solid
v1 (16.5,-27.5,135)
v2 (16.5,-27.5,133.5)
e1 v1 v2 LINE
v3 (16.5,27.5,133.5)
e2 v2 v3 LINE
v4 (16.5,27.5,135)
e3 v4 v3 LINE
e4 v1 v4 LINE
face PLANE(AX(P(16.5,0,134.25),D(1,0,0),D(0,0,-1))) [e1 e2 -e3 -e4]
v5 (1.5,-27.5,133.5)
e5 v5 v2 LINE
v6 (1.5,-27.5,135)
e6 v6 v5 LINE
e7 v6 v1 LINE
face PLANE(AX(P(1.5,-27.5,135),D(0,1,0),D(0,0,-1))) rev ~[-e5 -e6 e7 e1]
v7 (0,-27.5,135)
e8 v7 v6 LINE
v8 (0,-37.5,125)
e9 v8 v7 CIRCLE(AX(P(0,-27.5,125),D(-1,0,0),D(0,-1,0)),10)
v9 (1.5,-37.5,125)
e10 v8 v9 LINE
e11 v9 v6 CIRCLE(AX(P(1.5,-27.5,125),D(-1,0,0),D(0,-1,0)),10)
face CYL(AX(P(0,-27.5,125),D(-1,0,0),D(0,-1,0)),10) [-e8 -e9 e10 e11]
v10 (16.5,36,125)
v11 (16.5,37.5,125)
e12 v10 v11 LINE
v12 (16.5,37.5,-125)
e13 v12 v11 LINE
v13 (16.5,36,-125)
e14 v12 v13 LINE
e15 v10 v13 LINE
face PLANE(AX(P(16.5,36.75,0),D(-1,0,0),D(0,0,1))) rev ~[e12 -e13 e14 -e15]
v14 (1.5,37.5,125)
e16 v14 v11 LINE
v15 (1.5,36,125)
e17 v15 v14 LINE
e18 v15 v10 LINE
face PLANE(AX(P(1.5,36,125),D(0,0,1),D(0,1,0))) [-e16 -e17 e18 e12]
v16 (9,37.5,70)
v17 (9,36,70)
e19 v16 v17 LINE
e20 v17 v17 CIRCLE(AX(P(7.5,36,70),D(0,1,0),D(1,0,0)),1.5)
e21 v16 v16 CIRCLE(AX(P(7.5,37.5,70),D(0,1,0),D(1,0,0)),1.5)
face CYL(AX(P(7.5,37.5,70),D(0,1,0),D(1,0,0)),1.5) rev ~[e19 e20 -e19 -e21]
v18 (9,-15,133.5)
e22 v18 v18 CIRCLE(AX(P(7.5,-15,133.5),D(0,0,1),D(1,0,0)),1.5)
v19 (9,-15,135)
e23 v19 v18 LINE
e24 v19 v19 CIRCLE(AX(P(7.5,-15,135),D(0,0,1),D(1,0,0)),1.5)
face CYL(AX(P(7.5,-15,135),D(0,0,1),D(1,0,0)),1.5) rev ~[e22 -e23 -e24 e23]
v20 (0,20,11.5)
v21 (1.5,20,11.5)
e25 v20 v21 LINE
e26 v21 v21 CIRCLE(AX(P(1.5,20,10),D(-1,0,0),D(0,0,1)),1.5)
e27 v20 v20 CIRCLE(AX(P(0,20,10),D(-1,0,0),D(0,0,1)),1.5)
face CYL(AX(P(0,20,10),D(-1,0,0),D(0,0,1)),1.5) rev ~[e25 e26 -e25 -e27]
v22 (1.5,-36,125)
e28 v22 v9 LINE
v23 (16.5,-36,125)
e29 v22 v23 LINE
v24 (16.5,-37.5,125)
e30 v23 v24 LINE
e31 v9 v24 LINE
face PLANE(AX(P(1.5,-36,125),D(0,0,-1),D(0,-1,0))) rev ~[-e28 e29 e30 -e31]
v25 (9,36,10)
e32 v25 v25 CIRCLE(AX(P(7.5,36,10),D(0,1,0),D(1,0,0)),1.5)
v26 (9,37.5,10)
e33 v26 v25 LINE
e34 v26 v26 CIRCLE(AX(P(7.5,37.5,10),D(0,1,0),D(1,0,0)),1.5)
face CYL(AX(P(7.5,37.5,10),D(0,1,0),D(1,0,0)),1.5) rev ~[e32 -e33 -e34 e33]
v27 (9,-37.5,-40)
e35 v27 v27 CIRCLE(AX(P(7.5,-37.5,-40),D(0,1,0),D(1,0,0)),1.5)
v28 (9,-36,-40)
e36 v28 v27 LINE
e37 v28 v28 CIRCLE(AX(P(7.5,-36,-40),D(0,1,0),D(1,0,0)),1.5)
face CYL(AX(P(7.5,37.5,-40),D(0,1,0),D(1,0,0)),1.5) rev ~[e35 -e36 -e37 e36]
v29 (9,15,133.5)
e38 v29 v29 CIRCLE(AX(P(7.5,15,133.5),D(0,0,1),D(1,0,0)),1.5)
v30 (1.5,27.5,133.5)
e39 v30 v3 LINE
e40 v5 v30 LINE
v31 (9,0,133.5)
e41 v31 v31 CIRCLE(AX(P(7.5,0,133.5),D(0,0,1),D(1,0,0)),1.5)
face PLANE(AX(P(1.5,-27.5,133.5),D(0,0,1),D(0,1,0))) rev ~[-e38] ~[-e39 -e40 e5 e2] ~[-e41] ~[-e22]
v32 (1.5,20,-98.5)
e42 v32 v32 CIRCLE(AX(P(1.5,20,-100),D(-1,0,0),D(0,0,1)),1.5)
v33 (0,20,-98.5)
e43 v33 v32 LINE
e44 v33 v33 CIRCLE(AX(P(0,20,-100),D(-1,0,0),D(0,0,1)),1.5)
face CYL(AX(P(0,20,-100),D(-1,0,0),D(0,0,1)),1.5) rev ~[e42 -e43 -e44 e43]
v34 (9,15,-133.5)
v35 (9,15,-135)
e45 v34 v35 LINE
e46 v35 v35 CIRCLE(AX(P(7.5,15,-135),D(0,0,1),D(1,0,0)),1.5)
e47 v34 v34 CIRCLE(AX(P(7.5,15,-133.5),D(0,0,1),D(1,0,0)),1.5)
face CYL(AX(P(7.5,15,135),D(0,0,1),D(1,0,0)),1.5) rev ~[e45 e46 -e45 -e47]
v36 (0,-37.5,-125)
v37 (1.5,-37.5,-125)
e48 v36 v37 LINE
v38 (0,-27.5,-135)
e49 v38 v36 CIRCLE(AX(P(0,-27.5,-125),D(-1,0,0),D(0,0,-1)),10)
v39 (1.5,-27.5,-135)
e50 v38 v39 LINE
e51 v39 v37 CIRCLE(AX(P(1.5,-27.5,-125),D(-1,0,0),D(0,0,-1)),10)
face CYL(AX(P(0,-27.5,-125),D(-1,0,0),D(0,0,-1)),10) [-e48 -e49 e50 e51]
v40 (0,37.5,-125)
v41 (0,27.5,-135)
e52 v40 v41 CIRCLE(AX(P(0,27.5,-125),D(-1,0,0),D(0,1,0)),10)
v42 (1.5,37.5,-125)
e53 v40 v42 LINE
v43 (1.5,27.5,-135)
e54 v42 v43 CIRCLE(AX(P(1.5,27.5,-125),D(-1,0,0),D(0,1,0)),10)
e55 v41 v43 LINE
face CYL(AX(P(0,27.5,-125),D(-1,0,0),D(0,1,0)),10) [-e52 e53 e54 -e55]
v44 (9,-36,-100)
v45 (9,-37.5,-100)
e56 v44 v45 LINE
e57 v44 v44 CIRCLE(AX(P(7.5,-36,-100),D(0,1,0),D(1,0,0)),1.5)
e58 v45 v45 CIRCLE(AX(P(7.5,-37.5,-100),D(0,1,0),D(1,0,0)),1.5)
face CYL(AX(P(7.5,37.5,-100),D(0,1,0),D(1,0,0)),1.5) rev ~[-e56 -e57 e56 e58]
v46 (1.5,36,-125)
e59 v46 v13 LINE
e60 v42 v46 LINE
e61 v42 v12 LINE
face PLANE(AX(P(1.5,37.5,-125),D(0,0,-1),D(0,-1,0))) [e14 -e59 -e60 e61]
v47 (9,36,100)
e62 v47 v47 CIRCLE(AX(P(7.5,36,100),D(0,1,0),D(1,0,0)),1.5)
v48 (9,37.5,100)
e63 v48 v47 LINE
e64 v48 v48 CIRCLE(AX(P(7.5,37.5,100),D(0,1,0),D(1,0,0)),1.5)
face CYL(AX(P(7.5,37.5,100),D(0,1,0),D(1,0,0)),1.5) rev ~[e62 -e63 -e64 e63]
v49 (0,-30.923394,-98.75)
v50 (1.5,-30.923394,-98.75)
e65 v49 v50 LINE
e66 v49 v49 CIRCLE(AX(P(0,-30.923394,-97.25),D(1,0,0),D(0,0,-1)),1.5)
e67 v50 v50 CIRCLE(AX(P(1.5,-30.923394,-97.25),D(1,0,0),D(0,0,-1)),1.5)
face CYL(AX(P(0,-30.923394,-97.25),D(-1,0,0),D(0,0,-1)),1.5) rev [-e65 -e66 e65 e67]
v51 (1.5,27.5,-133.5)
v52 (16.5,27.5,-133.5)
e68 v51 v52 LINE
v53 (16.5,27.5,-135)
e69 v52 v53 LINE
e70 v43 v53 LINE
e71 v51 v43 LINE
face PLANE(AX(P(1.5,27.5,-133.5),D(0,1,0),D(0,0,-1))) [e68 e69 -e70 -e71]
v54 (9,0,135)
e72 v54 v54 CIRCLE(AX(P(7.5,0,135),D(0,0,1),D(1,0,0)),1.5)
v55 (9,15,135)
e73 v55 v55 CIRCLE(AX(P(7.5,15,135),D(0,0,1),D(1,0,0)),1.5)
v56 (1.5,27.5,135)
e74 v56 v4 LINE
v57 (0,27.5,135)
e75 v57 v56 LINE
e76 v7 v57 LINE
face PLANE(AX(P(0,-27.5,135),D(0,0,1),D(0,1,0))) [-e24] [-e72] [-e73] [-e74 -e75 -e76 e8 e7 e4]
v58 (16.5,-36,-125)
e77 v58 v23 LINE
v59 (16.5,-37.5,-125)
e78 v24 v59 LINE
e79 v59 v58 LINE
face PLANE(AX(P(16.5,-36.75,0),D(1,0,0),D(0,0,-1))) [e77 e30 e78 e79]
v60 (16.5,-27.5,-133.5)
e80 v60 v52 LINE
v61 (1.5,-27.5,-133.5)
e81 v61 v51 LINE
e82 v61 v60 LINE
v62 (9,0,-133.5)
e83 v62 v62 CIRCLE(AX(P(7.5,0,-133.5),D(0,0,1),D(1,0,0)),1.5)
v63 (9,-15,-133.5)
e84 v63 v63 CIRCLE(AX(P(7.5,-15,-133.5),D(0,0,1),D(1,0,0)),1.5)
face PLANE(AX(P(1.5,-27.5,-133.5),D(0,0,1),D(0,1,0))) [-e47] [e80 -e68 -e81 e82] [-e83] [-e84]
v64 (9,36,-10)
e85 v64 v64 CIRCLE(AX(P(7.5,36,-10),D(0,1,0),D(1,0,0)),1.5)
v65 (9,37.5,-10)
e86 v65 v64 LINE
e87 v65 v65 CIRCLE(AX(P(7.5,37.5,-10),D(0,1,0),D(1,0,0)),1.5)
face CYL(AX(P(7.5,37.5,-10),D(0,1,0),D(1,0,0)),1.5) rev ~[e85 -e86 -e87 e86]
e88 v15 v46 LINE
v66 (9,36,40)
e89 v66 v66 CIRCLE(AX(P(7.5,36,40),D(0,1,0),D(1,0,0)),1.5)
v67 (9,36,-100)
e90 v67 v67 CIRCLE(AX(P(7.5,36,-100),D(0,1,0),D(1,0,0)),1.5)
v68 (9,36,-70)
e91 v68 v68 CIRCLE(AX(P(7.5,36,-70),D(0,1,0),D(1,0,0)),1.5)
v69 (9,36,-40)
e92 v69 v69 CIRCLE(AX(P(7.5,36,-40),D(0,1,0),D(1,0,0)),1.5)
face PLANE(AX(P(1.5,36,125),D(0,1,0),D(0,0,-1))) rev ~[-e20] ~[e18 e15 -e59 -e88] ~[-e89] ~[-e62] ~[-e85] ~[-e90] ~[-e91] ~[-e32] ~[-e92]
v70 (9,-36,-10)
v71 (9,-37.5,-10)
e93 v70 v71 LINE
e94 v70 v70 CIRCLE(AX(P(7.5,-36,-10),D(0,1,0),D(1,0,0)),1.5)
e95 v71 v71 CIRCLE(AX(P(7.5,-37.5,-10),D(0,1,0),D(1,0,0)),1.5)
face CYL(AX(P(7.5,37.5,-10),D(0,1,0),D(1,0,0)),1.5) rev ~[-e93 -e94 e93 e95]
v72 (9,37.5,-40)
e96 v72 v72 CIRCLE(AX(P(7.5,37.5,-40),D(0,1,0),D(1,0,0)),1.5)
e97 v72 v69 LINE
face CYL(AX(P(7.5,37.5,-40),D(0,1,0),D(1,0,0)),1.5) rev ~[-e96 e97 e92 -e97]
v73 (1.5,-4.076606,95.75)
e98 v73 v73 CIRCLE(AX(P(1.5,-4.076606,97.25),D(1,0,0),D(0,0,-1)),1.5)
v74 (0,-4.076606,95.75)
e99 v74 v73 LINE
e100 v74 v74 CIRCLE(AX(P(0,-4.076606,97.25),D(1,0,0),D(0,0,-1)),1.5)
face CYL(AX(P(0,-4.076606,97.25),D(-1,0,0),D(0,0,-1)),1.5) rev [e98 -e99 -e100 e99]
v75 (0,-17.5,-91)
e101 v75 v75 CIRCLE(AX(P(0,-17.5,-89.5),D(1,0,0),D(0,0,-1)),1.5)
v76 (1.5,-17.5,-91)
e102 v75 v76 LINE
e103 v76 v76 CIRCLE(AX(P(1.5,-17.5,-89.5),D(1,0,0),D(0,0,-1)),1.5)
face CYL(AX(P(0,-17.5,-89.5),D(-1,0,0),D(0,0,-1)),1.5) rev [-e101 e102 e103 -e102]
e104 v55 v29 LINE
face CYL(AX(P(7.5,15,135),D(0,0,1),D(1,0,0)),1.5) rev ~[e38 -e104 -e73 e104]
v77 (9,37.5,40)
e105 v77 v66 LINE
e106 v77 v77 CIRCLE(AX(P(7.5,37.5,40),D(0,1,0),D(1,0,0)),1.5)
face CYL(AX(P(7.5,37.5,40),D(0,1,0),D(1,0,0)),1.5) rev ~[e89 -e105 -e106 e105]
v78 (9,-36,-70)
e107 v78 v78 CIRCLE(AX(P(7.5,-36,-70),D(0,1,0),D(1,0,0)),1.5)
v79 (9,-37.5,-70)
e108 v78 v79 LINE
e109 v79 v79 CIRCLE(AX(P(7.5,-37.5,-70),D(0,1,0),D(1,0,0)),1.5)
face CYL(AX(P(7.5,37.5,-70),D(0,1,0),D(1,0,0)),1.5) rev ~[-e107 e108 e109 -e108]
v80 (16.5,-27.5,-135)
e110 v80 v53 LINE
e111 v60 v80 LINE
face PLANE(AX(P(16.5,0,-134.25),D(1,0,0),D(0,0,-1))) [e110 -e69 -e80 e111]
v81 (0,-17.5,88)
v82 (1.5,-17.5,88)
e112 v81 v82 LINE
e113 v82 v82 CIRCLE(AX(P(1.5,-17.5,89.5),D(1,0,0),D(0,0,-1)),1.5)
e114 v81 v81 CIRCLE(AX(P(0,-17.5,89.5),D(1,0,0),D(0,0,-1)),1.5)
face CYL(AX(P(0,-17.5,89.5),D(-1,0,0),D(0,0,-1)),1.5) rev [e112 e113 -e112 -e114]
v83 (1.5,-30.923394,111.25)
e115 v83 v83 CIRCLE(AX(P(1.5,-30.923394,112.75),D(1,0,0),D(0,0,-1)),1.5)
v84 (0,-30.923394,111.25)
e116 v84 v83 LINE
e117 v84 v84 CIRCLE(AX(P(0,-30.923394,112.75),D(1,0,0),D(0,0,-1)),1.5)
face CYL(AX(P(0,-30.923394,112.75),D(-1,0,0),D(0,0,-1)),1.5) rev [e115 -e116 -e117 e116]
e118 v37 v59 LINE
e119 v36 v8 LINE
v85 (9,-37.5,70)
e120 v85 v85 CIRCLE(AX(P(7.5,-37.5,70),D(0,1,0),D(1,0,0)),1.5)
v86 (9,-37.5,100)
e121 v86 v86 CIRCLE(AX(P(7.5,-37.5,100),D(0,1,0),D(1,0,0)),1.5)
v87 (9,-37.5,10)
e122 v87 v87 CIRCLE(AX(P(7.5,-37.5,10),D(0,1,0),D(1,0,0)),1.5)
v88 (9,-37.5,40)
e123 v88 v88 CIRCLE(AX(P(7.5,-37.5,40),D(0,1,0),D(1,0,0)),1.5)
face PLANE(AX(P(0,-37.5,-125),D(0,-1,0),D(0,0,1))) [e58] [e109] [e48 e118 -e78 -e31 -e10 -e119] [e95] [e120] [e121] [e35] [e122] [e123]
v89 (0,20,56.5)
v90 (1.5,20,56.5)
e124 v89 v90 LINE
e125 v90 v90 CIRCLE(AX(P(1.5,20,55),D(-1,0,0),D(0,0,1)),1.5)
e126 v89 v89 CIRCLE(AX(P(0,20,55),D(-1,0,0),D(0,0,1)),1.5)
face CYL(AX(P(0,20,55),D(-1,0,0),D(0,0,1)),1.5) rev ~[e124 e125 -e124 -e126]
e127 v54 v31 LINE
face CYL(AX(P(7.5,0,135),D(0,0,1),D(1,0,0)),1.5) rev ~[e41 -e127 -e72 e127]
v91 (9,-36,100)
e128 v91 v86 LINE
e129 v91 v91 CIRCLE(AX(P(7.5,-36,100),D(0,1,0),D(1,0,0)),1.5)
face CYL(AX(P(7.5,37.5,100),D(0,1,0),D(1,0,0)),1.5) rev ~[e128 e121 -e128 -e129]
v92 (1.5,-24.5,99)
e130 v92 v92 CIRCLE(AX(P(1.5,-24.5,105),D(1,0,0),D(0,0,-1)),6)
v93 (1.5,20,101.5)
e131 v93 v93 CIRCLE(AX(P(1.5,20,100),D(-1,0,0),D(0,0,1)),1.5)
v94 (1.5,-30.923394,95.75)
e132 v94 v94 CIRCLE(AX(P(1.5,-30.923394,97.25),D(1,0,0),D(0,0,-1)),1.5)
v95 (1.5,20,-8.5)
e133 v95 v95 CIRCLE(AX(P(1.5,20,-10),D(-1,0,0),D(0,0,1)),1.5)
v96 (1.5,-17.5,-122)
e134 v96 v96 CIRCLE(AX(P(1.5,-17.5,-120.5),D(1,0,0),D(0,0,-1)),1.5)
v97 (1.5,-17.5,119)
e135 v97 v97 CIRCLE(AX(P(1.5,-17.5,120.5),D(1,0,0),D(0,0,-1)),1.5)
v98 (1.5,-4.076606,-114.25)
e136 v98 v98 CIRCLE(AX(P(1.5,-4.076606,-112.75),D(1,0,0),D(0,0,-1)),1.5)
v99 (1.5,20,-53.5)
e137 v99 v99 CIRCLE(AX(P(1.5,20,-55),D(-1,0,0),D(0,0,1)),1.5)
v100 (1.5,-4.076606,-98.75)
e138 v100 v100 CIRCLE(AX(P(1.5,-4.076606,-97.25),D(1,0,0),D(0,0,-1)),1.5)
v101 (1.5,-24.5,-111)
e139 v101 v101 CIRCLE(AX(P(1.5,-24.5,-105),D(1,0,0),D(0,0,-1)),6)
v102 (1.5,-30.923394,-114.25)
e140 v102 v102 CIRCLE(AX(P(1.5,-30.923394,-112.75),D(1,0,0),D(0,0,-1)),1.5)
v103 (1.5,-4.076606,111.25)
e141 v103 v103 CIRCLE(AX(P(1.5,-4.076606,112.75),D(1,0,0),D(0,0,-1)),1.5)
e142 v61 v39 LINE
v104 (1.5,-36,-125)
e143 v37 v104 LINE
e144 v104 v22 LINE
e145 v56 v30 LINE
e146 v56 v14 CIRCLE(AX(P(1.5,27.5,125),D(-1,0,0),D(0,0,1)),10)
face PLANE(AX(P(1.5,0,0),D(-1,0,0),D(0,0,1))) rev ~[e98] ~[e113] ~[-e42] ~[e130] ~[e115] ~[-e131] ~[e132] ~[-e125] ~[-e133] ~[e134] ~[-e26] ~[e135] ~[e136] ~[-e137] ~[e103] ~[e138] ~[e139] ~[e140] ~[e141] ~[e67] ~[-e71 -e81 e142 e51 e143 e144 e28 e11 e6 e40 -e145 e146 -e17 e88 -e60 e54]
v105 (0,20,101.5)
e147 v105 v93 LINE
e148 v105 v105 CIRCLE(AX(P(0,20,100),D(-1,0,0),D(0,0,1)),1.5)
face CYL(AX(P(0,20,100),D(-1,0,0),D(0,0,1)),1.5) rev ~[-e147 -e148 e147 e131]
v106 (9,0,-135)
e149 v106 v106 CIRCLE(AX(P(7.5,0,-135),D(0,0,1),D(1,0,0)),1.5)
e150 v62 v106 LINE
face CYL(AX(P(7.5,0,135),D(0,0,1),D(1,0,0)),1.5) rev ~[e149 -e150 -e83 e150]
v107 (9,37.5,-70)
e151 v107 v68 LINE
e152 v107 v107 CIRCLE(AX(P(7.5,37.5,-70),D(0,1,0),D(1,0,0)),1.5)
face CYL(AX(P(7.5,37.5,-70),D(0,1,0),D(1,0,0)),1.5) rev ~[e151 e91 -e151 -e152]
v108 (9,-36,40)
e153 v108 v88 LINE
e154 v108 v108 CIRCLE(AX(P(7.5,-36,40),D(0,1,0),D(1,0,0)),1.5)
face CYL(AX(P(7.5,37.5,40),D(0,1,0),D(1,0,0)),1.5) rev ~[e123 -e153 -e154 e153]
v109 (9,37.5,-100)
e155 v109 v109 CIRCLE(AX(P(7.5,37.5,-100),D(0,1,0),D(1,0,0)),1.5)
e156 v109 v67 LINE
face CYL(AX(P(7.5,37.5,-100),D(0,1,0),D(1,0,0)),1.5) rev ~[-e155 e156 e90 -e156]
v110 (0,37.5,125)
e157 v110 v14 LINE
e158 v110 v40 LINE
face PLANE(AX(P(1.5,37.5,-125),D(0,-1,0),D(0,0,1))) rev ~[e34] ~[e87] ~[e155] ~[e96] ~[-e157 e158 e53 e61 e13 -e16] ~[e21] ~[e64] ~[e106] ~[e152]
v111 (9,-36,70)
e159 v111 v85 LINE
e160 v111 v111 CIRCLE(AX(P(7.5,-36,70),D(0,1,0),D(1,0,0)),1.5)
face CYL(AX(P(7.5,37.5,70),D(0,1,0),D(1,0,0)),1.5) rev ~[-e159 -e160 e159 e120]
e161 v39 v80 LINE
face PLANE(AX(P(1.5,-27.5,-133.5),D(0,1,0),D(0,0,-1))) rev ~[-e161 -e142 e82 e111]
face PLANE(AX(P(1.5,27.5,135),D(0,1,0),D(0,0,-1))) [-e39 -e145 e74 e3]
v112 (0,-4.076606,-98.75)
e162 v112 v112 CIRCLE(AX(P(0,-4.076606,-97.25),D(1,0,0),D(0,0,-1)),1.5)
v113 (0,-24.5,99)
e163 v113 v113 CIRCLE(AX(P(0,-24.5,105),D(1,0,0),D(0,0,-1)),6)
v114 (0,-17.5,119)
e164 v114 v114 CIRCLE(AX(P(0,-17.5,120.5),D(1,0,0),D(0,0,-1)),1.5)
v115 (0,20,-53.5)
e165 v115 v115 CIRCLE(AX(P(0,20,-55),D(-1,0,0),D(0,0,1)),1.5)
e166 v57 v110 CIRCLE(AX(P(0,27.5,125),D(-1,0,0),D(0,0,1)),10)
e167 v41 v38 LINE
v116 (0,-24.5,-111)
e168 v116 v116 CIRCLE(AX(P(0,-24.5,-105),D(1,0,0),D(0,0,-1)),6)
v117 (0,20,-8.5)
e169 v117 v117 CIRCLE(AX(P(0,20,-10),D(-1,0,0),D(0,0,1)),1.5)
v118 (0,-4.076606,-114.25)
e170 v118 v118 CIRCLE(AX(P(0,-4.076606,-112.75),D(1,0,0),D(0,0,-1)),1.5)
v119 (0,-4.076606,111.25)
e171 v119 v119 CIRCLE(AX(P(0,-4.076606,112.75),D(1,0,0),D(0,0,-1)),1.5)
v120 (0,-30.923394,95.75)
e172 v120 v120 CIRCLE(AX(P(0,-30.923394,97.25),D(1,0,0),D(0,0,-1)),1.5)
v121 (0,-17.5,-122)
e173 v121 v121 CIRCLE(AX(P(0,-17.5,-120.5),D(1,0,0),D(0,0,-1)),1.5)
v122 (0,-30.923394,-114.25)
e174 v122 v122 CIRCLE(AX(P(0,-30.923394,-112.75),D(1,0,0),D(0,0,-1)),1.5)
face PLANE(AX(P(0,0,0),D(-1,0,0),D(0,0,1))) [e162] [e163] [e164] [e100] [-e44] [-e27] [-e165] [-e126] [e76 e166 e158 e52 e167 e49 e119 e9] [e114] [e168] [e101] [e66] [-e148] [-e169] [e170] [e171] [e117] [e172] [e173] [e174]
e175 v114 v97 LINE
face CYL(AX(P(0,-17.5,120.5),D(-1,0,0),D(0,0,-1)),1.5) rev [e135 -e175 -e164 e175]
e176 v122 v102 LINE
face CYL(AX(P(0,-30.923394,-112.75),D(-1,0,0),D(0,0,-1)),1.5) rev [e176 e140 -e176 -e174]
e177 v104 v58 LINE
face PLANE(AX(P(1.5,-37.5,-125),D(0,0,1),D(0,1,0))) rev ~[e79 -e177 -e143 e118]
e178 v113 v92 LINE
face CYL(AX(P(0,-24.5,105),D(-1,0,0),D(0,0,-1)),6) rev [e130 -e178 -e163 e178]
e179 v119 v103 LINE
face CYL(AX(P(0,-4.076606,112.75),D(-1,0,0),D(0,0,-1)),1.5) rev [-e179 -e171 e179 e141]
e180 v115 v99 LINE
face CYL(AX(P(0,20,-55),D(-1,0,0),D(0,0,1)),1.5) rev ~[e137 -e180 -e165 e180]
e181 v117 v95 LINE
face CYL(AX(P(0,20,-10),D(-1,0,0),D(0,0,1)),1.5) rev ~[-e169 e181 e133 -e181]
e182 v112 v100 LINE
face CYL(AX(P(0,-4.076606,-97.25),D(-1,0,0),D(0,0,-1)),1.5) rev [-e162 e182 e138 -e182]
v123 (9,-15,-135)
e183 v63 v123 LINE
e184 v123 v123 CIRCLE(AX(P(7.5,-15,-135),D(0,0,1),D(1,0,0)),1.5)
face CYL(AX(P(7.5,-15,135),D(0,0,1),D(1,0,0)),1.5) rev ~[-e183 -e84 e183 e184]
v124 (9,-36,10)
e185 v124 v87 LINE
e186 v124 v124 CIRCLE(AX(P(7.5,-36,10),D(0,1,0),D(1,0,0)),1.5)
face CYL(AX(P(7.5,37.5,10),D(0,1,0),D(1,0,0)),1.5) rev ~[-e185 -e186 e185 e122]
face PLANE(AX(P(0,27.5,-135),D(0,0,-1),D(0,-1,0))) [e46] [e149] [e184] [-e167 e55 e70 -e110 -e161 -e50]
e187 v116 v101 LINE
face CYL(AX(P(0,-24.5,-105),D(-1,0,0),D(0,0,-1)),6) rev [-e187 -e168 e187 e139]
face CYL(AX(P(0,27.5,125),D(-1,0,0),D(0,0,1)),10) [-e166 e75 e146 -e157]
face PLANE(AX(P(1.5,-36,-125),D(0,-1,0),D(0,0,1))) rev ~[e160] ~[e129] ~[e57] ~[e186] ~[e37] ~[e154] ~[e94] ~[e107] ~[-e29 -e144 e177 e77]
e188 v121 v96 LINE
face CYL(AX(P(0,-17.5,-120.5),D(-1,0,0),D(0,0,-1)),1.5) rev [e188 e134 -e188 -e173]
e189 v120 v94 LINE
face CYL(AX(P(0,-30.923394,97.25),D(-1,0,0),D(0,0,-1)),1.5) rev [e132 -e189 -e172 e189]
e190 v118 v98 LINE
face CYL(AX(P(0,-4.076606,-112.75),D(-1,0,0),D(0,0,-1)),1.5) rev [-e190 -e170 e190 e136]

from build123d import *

# Parameters (mm, degrees)
SKETCH1_R           = 1.5
SKETCH1_R_2         = 6
BOSS_EXTRUDE1_DEPTH = 1.5
SKETCH2_W           = 1.5
SKETCH2_H           = 55
BOSS_EXTRUDE2_DEPTH = 15
SKETCH4_R           = 1.5
CUT_EXTRUDE1_DEPTH  = 10
SKETCH6_R           = 1.5
CUT_EXTRUDE2_DEPTH  = 76
SKETCH8_R           = 1.5
CUT_EXTRUDE3_DEPTH  = 271


with BuildPart() as part:
    # Sketch1 → Boss-Extrude1 (new body)
    with BuildSketch(Plane(origin=(0, 0, 0), x_dir=(0, 0, -1), z_dir=(1, 0, 0))):
        with BuildLine():
            Line((-125, 37.5), (125, 37.5))
            ThreePointArc((125, 37.5), (132.071067812, 34.571067812), (135, 27.5))
            Line((135, 27.5), (135, -27.5))
            ThreePointArc((135, -27.5), (132.071067812, -34.571067812), (125, -37.5))
            Line((125, -37.5), (-125, -37.5))
            ThreePointArc((-125, -37.5), (-132.071067812, -34.571067812), (-135, -27.5))
            Line((-135, -27.5), (-135, 27.5))
            ThreePointArc((-135, 27.5), (-132.071067812, 34.571067812), (-125, 37.5))
        make_face()
        with Locations((-112.75, -4.076606241)):
            Circle(SKETCH1_R, mode=Mode.SUBTRACT)
        with Locations((-120.5, -17.5)):
            Circle(SKETCH1_R, mode=Mode.SUBTRACT)
        with Locations((-97.25, -4.076606241)):
            Circle(SKETCH1_R, mode=Mode.SUBTRACT)
        with Locations((-105, -24.5)):
            Circle(SKETCH1_R_2, mode=Mode.SUBTRACT)
        with Locations((-89.5, -17.5)):
            Circle(SKETCH1_R, mode=Mode.SUBTRACT)
        with Locations((-97.25, -30.923393759)):
            Circle(SKETCH1_R, mode=Mode.SUBTRACT)
        with Locations((-112.75, -30.923393759)):
            Circle(SKETCH1_R, mode=Mode.SUBTRACT)
        with Locations((112.75, -30.923393759)):
            Circle(SKETCH1_R, mode=Mode.SUBTRACT)
        with Locations((120.5, -17.5)):
            Circle(SKETCH1_R, mode=Mode.SUBTRACT)
        with Locations((105, -24.5)):
            Circle(SKETCH1_R_2, mode=Mode.SUBTRACT)
        with Locations((97.25, -30.923393759)):
            Circle(SKETCH1_R, mode=Mode.SUBTRACT)
        with Locations((89.5, -17.5)):
            Circle(SKETCH1_R, mode=Mode.SUBTRACT)
        with Locations((97.25, -4.076606241)):
            Circle(SKETCH1_R, mode=Mode.SUBTRACT)
        with Locations((112.75, -4.076606241)):
            Circle(SKETCH1_R, mode=Mode.SUBTRACT)
    extrude(amount=BOSS_EXTRUDE1_DEPTH)

    # Sketch2 → Boss-Extrude2 (add)
    with BuildSketch(Plane(origin=(1.5, 0, 0), x_dir=(0, 0, -1), z_dir=(1, 0, 0))):
        Polygon((-90, 36), (-125, 36), (-125, 37.5), (-90, 37.5), (0, 37.5), (90, 37.5), (125, 37.5), (125, 36), (90, 36), align=None)
        Polygon((90, -37.5), (125, -37.5), (125, -36), (90, -36), (-90, -36), (-125, -36), (-125, -37.5), (-90, -37.5), align=None)
        with Locations((-134.25, 0)):
            Rectangle(SKETCH2_W, SKETCH2_H)
        with Locations((134.25, 0)):
            Rectangle(SKETCH2_W, SKETCH2_H)
    extrude(amount=BOSS_EXTRUDE2_DEPTH)

    # Sketch4 → Cut-Extrude1 (cut)
    with BuildSketch(Plane.ZY):
        with Locations((55, 20)):
            Circle(SKETCH4_R)
        with Locations((10, 20)):
            Circle(SKETCH4_R)
        with Locations((100, 20)):
            Circle(SKETCH4_R)
        with Locations((-10, 20)):
            Circle(SKETCH4_R)
        with Locations((-55, 20)):
            Circle(SKETCH4_R)
        with Locations((-100, 20)):
            Circle(SKETCH4_R)
    extrude(amount=-CUT_EXTRUDE1_DEPTH, mode=Mode.SUBTRACT)

    # Sketch6 → Cut-Extrude2 (cut, through all)
    with BuildSketch(Plane(origin=(0, 37.5, 0), x_dir=(1, 0, 0), z_dir=(0, 1, 0))):
        with Locations((7.5, 10)):
            Circle(SKETCH6_R)
        with Locations((7.5, -10)):
            Circle(SKETCH6_R)
        with Locations((7.5, 40)):
            Circle(SKETCH6_R)
        with Locations((7.5, 70)):
            Circle(SKETCH6_R)
        with Locations((7.5, 100)):
            Circle(SKETCH6_R)
        with Locations((7.5, -40)):
            Circle(SKETCH6_R)
        with Locations((7.5, -70)):
            Circle(SKETCH6_R)
        with Locations((7.5, -100)):
            Circle(SKETCH6_R)
    extrude(amount=-CUT_EXTRUDE2_DEPTH, mode=Mode.SUBTRACT)

    # Sketch8 → Cut-Extrude3 (cut, through all)
    with BuildSketch(Plane.XY.offset(135)):
        with Locations((7.5, 15)):
            Circle(SKETCH8_R)
        with Locations((7.5, 0)):
            Circle(SKETCH8_R)
        with Locations((7.5, -15)):
            Circle(SKETCH8_R)
    extrude(amount=-CUT_EXTRUDE3_DEPTH, mode=Mode.SUBTRACT)


solid = part.part
